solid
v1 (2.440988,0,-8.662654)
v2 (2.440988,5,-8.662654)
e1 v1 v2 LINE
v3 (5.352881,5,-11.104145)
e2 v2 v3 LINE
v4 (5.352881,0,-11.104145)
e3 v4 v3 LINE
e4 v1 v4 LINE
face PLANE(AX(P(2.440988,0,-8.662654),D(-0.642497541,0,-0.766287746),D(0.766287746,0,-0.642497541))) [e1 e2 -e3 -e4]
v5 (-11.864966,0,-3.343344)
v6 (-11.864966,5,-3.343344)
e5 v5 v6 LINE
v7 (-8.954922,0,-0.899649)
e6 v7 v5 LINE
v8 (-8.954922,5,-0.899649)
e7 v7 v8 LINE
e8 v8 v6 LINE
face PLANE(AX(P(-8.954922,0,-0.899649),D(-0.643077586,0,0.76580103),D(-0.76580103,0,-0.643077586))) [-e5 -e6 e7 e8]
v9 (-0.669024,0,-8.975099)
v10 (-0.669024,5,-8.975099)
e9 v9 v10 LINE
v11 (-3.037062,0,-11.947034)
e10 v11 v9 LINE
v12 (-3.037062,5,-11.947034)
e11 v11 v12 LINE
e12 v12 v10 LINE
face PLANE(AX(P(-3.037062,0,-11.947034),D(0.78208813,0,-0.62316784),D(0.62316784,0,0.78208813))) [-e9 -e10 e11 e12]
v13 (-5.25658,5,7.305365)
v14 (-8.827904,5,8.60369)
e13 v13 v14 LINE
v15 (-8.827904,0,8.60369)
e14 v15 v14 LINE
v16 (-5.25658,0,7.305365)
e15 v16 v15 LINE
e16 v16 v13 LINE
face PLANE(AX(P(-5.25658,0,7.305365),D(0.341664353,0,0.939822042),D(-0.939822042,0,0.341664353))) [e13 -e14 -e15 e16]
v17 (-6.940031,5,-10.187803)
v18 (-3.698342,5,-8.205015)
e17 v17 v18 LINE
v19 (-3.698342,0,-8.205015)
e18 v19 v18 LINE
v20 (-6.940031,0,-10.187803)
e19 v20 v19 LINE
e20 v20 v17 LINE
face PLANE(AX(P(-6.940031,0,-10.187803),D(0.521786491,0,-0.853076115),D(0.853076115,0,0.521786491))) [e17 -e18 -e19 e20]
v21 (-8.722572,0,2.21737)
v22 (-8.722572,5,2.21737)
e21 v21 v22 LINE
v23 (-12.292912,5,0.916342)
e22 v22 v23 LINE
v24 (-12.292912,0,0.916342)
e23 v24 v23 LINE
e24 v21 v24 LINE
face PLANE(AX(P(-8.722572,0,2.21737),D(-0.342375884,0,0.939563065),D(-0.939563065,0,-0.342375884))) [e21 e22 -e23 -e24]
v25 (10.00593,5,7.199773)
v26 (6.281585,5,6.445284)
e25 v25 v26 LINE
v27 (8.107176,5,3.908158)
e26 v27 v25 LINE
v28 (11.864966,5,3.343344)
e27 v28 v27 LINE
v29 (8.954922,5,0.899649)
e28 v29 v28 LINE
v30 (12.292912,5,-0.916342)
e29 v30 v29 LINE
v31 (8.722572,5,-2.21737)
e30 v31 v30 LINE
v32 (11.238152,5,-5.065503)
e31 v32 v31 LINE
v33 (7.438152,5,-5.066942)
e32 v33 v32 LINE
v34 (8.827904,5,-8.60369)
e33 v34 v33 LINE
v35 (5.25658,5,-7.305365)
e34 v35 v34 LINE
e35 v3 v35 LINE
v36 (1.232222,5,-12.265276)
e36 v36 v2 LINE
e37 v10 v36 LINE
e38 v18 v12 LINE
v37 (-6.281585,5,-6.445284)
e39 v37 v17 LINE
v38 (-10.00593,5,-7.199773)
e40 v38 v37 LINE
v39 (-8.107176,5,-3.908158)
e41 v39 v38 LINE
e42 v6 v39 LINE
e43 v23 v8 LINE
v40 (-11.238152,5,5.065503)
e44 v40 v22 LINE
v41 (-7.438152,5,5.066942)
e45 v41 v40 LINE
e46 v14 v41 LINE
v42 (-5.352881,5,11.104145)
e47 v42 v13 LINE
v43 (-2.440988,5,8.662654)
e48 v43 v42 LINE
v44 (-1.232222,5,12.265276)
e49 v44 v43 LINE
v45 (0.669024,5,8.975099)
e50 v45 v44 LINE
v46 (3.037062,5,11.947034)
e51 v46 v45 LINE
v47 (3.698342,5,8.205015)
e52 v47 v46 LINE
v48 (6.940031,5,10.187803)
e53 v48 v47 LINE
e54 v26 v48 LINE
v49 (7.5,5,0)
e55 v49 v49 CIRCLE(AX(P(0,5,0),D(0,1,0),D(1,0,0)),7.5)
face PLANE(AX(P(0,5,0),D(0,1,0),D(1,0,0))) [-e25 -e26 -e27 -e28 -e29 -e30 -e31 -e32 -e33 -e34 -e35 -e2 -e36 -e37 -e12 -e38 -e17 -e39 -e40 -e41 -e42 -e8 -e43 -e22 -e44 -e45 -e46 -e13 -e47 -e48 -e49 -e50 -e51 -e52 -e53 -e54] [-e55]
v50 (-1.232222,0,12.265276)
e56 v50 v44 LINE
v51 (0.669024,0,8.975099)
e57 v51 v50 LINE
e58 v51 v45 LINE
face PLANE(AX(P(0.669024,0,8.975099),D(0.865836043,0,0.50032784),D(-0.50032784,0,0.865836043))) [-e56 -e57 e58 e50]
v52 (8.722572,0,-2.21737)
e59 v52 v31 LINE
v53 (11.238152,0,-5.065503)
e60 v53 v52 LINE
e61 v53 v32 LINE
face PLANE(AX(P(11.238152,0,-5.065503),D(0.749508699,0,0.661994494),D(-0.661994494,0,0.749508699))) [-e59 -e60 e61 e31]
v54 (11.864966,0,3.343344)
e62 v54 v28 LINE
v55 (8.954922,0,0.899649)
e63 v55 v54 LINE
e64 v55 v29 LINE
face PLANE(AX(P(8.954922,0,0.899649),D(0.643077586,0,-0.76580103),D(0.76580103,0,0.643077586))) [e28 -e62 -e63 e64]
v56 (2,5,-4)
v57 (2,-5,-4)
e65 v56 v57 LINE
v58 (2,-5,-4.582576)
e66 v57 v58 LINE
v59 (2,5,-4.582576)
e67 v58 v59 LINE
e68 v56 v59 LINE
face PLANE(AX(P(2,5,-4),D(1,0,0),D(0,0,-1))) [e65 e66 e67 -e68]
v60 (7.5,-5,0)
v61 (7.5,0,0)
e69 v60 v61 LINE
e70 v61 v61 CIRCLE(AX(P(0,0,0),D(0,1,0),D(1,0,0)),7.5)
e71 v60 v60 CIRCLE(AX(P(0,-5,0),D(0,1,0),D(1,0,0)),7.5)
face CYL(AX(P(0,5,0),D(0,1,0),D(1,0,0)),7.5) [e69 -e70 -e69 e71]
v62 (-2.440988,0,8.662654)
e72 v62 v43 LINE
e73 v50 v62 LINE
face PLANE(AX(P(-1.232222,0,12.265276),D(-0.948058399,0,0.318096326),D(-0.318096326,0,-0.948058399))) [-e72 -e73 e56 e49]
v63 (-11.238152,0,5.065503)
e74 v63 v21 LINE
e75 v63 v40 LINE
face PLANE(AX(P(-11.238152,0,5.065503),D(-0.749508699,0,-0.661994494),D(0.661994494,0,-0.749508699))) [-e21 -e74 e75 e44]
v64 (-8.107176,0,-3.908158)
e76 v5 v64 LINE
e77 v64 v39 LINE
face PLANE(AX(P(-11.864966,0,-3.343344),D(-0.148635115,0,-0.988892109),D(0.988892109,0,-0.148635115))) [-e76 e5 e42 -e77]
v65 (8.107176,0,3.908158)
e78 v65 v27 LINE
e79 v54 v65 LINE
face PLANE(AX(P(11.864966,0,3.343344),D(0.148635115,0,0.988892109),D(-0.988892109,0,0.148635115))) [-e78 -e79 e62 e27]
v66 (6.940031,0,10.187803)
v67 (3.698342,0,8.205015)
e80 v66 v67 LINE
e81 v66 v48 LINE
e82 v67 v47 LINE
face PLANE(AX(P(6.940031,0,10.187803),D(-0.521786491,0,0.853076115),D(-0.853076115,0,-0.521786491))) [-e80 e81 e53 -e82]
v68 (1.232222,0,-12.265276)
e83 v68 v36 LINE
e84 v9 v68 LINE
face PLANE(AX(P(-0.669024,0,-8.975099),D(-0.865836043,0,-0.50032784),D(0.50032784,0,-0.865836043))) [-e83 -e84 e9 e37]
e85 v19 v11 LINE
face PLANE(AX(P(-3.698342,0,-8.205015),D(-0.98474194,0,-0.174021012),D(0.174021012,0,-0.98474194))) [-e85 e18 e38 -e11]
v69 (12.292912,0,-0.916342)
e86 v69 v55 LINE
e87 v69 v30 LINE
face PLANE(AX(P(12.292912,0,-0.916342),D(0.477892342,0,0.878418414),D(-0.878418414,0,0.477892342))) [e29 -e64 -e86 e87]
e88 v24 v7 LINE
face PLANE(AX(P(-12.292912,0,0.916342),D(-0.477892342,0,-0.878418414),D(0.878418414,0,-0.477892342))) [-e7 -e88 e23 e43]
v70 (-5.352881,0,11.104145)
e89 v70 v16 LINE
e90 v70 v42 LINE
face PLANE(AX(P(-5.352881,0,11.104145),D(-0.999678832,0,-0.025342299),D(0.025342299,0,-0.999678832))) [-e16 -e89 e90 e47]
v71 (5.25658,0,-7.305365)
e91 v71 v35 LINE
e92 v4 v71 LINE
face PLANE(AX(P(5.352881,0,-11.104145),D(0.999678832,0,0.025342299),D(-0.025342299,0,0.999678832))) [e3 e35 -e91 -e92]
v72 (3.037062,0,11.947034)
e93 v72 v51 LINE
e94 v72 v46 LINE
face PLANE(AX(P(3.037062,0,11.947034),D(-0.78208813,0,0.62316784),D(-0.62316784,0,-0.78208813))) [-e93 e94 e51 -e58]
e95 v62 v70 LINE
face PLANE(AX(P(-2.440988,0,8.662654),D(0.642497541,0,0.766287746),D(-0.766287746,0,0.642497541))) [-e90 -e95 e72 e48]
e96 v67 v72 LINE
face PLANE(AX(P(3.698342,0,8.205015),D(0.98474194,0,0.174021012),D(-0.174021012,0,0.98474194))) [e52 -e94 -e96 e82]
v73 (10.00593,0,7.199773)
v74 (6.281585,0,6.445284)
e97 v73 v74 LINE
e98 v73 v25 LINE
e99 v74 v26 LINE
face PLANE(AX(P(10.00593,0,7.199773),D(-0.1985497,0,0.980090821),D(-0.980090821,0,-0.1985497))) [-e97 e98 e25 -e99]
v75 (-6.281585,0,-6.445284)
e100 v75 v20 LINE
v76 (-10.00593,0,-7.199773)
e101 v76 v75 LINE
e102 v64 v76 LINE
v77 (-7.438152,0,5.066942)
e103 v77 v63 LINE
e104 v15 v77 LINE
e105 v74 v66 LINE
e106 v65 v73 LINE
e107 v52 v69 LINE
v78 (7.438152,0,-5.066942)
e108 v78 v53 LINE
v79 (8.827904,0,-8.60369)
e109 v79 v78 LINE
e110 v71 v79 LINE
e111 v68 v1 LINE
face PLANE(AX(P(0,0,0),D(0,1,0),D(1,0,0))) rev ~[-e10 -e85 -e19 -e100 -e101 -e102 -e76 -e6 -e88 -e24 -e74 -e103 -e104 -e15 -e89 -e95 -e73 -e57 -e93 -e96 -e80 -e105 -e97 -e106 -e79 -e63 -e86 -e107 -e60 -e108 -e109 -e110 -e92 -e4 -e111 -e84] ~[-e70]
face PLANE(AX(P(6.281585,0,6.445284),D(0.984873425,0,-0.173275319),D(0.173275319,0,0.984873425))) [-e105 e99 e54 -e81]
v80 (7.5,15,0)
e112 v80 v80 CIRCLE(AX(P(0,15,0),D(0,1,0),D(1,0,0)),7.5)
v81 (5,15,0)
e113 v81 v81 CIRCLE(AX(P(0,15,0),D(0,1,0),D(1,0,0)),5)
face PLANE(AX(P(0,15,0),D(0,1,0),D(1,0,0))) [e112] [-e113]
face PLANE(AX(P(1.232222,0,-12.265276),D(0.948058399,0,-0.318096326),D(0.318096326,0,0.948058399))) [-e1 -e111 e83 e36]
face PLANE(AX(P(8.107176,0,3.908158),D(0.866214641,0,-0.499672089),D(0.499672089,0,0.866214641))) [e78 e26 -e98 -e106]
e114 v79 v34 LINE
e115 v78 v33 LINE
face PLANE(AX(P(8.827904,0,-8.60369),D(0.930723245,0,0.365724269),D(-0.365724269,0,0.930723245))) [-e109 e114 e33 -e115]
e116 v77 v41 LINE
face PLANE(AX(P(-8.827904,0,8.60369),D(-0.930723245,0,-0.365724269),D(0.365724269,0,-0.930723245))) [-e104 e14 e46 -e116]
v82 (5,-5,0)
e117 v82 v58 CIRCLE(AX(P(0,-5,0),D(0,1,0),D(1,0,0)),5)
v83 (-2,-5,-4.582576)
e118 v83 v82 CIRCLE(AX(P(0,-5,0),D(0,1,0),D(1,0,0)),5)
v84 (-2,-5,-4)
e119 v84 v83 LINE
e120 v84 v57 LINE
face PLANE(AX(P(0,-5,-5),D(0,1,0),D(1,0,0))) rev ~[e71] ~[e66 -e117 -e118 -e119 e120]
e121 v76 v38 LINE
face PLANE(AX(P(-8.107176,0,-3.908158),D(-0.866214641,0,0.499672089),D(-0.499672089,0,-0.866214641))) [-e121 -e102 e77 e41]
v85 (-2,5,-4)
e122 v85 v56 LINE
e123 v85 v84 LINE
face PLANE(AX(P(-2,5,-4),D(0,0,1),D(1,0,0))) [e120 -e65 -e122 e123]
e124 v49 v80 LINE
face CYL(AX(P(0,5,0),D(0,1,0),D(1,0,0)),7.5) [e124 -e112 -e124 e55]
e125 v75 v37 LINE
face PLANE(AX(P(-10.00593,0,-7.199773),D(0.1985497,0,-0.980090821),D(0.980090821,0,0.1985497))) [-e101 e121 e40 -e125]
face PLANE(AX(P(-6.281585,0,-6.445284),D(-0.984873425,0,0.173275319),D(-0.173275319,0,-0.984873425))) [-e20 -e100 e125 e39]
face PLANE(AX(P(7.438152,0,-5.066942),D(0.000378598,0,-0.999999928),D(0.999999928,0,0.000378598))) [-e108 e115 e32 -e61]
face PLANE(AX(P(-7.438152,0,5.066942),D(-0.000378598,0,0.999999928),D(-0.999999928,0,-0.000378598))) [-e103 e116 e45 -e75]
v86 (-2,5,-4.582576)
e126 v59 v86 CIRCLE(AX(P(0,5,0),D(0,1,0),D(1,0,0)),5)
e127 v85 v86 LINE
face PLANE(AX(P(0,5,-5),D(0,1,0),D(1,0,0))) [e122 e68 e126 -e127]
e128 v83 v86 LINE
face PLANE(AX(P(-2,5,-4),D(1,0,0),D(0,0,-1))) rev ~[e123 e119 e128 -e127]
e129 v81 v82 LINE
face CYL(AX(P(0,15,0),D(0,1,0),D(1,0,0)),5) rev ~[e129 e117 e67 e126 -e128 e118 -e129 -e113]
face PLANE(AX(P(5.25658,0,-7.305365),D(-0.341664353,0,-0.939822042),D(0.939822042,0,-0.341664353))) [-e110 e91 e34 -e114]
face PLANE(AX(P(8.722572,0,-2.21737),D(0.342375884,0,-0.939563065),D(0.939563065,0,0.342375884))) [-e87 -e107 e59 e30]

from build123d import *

# Parameters (mm, degrees)
SKETCH1_R           = 9
BOSS_EXTRUDE1_DEPTH = 5
SKETCH2_R           = 7.5
BOSS_EXTRUDE2_DEPTH = 10
SKETCH3_R           = 5
CUT_EXTRUDE1_DEPTH  = 20
SKETCH4_W           = 4
SKETCH4_H           = 2
BOSS_EXTRUDE3_DEPTH = 10


with BuildPart() as part:
    # Sketch1 → Boss-Extrude1 (new body)
    with BuildSketch(Plane(origin=(0, 0, 0), x_dir=(1, 0, 0), z_dir=(0, 1, 0))):
        Circle(SKETCH1_R)
        Polygon((-5.35288104, -11.104144955), (-5.256580304, -7.305365392), (-8.827904062, -8.603689933), (-7.438151841, -5.066941601), (-11.238151569, -5.065502929), (-8.72257249, -2.217369874), (-12.292912138, -0.916341513), (-8.954922165, 0.899649385), (-11.86496608, 3.343344214), (-8.107176067, 3.908157651), (-10.005930004, 7.199773285), (-6.281584886, 6.445284426), (-6.940031098, 10.187803442), (-3.698341861, 8.205014776), (-3.037062017, 11.947034147), (-0.669024226, 8.975099252), (1.232221565, 12.265276214), (2.440987604, 8.6626543), (5.35288104, 11.104144955), (5.256580304, 7.305365392), (8.827904062, 8.603689933), (7.438151841, 5.066941601), (11.238151569, 5.065502929), (8.72257249, 2.217369874), (12.292912138, 0.916341513), (8.954922165, -0.899649385), (11.86496608, -3.343344214), (8.107176067, -3.908157651), (10.005930004, -7.199773285), (6.281584886, -6.445284426), (6.940031098, -10.187803442), (3.698341861, -8.205014776), (3.037062017, -11.947034147), (0.669024226, -8.975099252), (-1.232221565, -12.265276214), (-2.440987604, -8.6626543), align=None)
    extrude(amount=BOSS_EXTRUDE1_DEPTH)

    # Sketch2 → Boss-Extrude2 (add, symmetric)
    with BuildSketch(Plane(origin=(0, 5, 0), x_dir=(1, 0, 0), z_dir=(0, 1, 0))):
        Circle(SKETCH2_R)
    extrude(amount=BOSS_EXTRUDE2_DEPTH, both=True)

    # Sketch3 → Cut-Extrude1 (cut)
    with BuildSketch(Plane(origin=(0, 15, 0), x_dir=(1, 0, 0), z_dir=(0, 1, 0))):
        Circle(SKETCH3_R)
    extrude(amount=-CUT_EXTRUDE1_DEPTH, mode=Mode.SUBTRACT)

    # Sketch4 → Boss-Extrude3 (add)
    with BuildSketch(Plane(origin=(0, 5, 0), x_dir=(1, 0, 0), z_dir=(0, 1, 0))):
        with Locations((0, 5)):
            Rectangle(SKETCH4_W, SKETCH4_H)
    extrude(amount=-BOSS_EXTRUDE3_DEPTH)


solid = part.part
